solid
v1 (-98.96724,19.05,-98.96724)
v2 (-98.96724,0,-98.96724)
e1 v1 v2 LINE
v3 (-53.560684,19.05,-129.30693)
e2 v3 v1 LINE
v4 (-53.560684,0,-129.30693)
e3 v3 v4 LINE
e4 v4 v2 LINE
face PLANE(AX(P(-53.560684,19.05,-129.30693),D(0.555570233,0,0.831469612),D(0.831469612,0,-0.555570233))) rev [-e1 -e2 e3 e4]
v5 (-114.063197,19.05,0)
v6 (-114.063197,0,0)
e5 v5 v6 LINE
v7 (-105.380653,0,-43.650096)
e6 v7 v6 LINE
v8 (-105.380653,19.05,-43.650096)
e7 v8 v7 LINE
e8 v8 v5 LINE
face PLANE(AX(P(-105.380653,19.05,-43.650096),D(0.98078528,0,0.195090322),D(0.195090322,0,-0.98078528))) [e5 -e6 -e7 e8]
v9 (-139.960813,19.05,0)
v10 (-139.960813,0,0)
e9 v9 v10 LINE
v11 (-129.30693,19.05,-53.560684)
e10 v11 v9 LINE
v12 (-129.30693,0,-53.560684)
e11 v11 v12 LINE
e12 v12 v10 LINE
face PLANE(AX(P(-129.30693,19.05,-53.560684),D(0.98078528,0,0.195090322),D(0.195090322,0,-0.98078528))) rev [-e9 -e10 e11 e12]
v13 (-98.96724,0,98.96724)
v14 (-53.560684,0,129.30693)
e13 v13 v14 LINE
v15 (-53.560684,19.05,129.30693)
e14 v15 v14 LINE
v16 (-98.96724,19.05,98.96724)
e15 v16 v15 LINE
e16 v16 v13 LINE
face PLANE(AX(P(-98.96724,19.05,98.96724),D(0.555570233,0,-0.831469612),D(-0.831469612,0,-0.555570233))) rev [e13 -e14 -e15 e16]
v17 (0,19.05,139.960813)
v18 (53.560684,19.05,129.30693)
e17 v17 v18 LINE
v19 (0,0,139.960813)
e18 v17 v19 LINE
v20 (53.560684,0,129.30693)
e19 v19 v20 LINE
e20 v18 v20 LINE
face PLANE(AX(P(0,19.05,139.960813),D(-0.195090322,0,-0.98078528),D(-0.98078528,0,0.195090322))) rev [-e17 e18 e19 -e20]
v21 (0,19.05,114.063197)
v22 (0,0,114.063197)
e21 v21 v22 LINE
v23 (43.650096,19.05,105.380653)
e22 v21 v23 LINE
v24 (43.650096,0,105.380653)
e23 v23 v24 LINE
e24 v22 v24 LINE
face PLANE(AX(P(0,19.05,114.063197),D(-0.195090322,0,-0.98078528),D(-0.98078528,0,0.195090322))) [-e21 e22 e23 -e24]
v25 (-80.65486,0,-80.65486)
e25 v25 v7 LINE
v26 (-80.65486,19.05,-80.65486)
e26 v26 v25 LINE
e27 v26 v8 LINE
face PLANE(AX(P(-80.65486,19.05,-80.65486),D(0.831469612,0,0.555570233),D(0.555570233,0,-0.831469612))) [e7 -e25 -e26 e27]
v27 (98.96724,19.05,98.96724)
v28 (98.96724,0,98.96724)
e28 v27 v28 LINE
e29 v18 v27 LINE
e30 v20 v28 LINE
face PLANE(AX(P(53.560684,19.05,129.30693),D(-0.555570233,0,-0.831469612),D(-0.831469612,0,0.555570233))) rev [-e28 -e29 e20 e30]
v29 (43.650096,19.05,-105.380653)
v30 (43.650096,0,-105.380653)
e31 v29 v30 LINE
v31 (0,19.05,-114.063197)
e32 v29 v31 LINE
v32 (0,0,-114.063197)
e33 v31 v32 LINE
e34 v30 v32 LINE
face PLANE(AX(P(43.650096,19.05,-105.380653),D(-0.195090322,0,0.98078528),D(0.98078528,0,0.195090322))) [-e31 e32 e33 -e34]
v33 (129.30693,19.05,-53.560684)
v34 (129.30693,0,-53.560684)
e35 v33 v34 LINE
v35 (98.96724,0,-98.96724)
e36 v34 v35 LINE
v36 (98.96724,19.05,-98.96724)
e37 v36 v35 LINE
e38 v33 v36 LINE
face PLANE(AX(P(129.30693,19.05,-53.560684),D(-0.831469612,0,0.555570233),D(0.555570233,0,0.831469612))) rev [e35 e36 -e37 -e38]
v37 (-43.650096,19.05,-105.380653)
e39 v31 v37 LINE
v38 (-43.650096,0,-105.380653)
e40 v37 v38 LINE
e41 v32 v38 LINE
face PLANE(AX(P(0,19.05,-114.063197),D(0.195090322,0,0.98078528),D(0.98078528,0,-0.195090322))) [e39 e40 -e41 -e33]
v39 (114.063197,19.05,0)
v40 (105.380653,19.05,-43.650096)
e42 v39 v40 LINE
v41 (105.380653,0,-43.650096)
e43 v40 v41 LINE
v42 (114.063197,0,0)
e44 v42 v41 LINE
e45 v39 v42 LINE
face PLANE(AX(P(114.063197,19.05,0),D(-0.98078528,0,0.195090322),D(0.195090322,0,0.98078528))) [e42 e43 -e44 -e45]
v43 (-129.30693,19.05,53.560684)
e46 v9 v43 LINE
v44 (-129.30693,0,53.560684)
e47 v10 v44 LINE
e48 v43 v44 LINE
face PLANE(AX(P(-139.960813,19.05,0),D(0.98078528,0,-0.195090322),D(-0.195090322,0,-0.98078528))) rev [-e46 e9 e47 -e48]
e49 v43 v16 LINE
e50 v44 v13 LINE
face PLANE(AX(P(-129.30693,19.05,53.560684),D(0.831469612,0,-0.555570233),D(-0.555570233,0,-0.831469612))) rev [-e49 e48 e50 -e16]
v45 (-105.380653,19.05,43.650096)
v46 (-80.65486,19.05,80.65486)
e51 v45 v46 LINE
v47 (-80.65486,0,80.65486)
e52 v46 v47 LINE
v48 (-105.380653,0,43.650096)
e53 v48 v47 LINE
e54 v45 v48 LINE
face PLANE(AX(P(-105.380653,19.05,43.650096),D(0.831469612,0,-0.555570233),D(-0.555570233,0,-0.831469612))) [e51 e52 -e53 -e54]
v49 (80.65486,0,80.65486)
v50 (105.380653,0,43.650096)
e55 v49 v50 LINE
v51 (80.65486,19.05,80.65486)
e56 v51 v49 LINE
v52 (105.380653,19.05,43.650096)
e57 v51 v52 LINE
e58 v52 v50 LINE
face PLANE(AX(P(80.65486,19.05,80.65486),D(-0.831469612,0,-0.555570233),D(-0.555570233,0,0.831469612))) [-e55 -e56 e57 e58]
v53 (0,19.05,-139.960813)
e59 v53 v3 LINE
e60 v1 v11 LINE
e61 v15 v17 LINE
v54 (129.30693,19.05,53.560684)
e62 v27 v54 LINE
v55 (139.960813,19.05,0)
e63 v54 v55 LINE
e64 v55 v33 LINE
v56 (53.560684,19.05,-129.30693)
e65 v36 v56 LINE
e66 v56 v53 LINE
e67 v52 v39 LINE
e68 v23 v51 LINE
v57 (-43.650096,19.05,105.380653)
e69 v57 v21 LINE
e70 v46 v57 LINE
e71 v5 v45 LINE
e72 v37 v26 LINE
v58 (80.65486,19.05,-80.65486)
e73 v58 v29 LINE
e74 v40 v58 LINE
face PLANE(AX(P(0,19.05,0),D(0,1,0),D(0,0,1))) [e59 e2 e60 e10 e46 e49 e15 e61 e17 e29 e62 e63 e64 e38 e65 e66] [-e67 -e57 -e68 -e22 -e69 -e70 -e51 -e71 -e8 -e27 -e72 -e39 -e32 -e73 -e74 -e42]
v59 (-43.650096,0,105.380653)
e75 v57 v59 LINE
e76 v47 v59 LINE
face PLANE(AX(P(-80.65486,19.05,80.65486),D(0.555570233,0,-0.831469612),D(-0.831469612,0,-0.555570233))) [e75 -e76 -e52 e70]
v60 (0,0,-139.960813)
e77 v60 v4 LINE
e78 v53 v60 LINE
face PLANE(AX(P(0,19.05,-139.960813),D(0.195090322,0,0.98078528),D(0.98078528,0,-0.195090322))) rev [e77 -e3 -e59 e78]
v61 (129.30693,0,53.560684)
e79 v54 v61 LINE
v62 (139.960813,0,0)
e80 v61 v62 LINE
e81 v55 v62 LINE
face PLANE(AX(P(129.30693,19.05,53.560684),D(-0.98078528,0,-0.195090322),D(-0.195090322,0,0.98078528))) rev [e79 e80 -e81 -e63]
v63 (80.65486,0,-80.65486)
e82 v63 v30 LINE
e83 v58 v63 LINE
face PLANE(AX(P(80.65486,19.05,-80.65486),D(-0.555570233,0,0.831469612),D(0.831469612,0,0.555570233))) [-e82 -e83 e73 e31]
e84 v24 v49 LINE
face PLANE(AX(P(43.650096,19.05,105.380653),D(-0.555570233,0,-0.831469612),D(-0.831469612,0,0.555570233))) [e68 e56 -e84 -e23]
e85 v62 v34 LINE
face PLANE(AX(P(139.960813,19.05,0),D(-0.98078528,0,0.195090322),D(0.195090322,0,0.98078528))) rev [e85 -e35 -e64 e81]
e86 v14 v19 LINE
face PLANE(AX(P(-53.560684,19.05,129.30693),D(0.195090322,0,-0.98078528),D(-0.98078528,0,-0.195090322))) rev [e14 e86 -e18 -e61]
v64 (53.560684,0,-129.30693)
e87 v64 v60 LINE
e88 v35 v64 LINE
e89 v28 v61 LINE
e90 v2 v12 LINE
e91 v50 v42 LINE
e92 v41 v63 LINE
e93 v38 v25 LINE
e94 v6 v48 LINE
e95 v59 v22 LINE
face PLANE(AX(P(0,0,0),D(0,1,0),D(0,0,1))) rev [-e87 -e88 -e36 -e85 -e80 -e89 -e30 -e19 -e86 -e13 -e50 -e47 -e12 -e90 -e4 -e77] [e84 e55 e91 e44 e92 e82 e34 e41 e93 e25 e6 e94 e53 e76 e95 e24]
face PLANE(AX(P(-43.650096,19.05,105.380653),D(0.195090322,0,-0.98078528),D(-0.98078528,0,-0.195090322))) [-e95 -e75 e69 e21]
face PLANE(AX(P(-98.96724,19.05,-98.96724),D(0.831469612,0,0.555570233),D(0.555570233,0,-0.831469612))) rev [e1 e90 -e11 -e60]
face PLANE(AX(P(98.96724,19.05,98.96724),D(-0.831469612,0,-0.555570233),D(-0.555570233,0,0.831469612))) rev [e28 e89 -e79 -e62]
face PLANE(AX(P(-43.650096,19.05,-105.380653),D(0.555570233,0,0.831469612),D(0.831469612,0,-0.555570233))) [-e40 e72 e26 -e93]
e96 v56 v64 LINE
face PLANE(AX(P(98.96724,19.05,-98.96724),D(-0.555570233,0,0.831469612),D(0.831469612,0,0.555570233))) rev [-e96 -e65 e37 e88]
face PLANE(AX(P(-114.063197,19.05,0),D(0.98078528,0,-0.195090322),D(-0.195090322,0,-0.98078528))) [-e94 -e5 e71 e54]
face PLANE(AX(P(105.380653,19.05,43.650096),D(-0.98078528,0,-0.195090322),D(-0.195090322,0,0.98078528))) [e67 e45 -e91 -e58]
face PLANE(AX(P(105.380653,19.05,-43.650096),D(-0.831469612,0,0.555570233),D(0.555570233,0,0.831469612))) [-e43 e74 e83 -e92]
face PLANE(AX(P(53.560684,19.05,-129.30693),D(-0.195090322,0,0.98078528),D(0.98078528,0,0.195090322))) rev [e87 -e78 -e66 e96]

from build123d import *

# Parameters (mm, degrees)
BOSS_EXTRUDE1_DEPTH = 19.05


with BuildPart() as part:
    # Sketch1 → Boss-Extrude1 (new body)
    with BuildSketch(Plane(origin=(0, 0, 0), x_dir=(1, 0, 0), z_dir=(0, 1, 0))):
        Polygon((139.960812601, 0), (129.306930116, 53.560684163), (98.967239691, 98.967239691), (53.560684163, 129.306930116), (0, 139.960812601), (-53.560684163, 129.306930116), (-98.967239691, 98.967239691), (-129.306930116, 53.560684163), (-139.960812601, 0), (-129.306930116, -53.560684163), (-98.967239691, -98.967239691), (-53.560684163, -129.306930116), (0, -139.960812601), (53.560684163, -129.306930116), (98.967239691, -98.967239691), (129.306930116, -53.560684163), align=None)
        Polygon((114.063197183, 0), (105.38065329, 43.650095804), (80.654860212, 80.654860212), (43.650095804, 105.38065329), (0, 114.063197183), (-43.650095804, 105.38065329), (-80.654860212, 80.654860212), (-105.38065329, 43.650095804), (-114.063197183, 0), (-105.38065329, -43.650095804), (-80.654860212, -80.654860212), (-43.650095804, -105.38065329), (0, -114.063197183), (43.650095804, -105.38065329), (80.654860212, -80.654860212), (105.38065329, -43.650095804), align=None, mode=Mode.SUBTRACT)
    extrude(amount=BOSS_EXTRUDE1_DEPTH)


solid = part.part
